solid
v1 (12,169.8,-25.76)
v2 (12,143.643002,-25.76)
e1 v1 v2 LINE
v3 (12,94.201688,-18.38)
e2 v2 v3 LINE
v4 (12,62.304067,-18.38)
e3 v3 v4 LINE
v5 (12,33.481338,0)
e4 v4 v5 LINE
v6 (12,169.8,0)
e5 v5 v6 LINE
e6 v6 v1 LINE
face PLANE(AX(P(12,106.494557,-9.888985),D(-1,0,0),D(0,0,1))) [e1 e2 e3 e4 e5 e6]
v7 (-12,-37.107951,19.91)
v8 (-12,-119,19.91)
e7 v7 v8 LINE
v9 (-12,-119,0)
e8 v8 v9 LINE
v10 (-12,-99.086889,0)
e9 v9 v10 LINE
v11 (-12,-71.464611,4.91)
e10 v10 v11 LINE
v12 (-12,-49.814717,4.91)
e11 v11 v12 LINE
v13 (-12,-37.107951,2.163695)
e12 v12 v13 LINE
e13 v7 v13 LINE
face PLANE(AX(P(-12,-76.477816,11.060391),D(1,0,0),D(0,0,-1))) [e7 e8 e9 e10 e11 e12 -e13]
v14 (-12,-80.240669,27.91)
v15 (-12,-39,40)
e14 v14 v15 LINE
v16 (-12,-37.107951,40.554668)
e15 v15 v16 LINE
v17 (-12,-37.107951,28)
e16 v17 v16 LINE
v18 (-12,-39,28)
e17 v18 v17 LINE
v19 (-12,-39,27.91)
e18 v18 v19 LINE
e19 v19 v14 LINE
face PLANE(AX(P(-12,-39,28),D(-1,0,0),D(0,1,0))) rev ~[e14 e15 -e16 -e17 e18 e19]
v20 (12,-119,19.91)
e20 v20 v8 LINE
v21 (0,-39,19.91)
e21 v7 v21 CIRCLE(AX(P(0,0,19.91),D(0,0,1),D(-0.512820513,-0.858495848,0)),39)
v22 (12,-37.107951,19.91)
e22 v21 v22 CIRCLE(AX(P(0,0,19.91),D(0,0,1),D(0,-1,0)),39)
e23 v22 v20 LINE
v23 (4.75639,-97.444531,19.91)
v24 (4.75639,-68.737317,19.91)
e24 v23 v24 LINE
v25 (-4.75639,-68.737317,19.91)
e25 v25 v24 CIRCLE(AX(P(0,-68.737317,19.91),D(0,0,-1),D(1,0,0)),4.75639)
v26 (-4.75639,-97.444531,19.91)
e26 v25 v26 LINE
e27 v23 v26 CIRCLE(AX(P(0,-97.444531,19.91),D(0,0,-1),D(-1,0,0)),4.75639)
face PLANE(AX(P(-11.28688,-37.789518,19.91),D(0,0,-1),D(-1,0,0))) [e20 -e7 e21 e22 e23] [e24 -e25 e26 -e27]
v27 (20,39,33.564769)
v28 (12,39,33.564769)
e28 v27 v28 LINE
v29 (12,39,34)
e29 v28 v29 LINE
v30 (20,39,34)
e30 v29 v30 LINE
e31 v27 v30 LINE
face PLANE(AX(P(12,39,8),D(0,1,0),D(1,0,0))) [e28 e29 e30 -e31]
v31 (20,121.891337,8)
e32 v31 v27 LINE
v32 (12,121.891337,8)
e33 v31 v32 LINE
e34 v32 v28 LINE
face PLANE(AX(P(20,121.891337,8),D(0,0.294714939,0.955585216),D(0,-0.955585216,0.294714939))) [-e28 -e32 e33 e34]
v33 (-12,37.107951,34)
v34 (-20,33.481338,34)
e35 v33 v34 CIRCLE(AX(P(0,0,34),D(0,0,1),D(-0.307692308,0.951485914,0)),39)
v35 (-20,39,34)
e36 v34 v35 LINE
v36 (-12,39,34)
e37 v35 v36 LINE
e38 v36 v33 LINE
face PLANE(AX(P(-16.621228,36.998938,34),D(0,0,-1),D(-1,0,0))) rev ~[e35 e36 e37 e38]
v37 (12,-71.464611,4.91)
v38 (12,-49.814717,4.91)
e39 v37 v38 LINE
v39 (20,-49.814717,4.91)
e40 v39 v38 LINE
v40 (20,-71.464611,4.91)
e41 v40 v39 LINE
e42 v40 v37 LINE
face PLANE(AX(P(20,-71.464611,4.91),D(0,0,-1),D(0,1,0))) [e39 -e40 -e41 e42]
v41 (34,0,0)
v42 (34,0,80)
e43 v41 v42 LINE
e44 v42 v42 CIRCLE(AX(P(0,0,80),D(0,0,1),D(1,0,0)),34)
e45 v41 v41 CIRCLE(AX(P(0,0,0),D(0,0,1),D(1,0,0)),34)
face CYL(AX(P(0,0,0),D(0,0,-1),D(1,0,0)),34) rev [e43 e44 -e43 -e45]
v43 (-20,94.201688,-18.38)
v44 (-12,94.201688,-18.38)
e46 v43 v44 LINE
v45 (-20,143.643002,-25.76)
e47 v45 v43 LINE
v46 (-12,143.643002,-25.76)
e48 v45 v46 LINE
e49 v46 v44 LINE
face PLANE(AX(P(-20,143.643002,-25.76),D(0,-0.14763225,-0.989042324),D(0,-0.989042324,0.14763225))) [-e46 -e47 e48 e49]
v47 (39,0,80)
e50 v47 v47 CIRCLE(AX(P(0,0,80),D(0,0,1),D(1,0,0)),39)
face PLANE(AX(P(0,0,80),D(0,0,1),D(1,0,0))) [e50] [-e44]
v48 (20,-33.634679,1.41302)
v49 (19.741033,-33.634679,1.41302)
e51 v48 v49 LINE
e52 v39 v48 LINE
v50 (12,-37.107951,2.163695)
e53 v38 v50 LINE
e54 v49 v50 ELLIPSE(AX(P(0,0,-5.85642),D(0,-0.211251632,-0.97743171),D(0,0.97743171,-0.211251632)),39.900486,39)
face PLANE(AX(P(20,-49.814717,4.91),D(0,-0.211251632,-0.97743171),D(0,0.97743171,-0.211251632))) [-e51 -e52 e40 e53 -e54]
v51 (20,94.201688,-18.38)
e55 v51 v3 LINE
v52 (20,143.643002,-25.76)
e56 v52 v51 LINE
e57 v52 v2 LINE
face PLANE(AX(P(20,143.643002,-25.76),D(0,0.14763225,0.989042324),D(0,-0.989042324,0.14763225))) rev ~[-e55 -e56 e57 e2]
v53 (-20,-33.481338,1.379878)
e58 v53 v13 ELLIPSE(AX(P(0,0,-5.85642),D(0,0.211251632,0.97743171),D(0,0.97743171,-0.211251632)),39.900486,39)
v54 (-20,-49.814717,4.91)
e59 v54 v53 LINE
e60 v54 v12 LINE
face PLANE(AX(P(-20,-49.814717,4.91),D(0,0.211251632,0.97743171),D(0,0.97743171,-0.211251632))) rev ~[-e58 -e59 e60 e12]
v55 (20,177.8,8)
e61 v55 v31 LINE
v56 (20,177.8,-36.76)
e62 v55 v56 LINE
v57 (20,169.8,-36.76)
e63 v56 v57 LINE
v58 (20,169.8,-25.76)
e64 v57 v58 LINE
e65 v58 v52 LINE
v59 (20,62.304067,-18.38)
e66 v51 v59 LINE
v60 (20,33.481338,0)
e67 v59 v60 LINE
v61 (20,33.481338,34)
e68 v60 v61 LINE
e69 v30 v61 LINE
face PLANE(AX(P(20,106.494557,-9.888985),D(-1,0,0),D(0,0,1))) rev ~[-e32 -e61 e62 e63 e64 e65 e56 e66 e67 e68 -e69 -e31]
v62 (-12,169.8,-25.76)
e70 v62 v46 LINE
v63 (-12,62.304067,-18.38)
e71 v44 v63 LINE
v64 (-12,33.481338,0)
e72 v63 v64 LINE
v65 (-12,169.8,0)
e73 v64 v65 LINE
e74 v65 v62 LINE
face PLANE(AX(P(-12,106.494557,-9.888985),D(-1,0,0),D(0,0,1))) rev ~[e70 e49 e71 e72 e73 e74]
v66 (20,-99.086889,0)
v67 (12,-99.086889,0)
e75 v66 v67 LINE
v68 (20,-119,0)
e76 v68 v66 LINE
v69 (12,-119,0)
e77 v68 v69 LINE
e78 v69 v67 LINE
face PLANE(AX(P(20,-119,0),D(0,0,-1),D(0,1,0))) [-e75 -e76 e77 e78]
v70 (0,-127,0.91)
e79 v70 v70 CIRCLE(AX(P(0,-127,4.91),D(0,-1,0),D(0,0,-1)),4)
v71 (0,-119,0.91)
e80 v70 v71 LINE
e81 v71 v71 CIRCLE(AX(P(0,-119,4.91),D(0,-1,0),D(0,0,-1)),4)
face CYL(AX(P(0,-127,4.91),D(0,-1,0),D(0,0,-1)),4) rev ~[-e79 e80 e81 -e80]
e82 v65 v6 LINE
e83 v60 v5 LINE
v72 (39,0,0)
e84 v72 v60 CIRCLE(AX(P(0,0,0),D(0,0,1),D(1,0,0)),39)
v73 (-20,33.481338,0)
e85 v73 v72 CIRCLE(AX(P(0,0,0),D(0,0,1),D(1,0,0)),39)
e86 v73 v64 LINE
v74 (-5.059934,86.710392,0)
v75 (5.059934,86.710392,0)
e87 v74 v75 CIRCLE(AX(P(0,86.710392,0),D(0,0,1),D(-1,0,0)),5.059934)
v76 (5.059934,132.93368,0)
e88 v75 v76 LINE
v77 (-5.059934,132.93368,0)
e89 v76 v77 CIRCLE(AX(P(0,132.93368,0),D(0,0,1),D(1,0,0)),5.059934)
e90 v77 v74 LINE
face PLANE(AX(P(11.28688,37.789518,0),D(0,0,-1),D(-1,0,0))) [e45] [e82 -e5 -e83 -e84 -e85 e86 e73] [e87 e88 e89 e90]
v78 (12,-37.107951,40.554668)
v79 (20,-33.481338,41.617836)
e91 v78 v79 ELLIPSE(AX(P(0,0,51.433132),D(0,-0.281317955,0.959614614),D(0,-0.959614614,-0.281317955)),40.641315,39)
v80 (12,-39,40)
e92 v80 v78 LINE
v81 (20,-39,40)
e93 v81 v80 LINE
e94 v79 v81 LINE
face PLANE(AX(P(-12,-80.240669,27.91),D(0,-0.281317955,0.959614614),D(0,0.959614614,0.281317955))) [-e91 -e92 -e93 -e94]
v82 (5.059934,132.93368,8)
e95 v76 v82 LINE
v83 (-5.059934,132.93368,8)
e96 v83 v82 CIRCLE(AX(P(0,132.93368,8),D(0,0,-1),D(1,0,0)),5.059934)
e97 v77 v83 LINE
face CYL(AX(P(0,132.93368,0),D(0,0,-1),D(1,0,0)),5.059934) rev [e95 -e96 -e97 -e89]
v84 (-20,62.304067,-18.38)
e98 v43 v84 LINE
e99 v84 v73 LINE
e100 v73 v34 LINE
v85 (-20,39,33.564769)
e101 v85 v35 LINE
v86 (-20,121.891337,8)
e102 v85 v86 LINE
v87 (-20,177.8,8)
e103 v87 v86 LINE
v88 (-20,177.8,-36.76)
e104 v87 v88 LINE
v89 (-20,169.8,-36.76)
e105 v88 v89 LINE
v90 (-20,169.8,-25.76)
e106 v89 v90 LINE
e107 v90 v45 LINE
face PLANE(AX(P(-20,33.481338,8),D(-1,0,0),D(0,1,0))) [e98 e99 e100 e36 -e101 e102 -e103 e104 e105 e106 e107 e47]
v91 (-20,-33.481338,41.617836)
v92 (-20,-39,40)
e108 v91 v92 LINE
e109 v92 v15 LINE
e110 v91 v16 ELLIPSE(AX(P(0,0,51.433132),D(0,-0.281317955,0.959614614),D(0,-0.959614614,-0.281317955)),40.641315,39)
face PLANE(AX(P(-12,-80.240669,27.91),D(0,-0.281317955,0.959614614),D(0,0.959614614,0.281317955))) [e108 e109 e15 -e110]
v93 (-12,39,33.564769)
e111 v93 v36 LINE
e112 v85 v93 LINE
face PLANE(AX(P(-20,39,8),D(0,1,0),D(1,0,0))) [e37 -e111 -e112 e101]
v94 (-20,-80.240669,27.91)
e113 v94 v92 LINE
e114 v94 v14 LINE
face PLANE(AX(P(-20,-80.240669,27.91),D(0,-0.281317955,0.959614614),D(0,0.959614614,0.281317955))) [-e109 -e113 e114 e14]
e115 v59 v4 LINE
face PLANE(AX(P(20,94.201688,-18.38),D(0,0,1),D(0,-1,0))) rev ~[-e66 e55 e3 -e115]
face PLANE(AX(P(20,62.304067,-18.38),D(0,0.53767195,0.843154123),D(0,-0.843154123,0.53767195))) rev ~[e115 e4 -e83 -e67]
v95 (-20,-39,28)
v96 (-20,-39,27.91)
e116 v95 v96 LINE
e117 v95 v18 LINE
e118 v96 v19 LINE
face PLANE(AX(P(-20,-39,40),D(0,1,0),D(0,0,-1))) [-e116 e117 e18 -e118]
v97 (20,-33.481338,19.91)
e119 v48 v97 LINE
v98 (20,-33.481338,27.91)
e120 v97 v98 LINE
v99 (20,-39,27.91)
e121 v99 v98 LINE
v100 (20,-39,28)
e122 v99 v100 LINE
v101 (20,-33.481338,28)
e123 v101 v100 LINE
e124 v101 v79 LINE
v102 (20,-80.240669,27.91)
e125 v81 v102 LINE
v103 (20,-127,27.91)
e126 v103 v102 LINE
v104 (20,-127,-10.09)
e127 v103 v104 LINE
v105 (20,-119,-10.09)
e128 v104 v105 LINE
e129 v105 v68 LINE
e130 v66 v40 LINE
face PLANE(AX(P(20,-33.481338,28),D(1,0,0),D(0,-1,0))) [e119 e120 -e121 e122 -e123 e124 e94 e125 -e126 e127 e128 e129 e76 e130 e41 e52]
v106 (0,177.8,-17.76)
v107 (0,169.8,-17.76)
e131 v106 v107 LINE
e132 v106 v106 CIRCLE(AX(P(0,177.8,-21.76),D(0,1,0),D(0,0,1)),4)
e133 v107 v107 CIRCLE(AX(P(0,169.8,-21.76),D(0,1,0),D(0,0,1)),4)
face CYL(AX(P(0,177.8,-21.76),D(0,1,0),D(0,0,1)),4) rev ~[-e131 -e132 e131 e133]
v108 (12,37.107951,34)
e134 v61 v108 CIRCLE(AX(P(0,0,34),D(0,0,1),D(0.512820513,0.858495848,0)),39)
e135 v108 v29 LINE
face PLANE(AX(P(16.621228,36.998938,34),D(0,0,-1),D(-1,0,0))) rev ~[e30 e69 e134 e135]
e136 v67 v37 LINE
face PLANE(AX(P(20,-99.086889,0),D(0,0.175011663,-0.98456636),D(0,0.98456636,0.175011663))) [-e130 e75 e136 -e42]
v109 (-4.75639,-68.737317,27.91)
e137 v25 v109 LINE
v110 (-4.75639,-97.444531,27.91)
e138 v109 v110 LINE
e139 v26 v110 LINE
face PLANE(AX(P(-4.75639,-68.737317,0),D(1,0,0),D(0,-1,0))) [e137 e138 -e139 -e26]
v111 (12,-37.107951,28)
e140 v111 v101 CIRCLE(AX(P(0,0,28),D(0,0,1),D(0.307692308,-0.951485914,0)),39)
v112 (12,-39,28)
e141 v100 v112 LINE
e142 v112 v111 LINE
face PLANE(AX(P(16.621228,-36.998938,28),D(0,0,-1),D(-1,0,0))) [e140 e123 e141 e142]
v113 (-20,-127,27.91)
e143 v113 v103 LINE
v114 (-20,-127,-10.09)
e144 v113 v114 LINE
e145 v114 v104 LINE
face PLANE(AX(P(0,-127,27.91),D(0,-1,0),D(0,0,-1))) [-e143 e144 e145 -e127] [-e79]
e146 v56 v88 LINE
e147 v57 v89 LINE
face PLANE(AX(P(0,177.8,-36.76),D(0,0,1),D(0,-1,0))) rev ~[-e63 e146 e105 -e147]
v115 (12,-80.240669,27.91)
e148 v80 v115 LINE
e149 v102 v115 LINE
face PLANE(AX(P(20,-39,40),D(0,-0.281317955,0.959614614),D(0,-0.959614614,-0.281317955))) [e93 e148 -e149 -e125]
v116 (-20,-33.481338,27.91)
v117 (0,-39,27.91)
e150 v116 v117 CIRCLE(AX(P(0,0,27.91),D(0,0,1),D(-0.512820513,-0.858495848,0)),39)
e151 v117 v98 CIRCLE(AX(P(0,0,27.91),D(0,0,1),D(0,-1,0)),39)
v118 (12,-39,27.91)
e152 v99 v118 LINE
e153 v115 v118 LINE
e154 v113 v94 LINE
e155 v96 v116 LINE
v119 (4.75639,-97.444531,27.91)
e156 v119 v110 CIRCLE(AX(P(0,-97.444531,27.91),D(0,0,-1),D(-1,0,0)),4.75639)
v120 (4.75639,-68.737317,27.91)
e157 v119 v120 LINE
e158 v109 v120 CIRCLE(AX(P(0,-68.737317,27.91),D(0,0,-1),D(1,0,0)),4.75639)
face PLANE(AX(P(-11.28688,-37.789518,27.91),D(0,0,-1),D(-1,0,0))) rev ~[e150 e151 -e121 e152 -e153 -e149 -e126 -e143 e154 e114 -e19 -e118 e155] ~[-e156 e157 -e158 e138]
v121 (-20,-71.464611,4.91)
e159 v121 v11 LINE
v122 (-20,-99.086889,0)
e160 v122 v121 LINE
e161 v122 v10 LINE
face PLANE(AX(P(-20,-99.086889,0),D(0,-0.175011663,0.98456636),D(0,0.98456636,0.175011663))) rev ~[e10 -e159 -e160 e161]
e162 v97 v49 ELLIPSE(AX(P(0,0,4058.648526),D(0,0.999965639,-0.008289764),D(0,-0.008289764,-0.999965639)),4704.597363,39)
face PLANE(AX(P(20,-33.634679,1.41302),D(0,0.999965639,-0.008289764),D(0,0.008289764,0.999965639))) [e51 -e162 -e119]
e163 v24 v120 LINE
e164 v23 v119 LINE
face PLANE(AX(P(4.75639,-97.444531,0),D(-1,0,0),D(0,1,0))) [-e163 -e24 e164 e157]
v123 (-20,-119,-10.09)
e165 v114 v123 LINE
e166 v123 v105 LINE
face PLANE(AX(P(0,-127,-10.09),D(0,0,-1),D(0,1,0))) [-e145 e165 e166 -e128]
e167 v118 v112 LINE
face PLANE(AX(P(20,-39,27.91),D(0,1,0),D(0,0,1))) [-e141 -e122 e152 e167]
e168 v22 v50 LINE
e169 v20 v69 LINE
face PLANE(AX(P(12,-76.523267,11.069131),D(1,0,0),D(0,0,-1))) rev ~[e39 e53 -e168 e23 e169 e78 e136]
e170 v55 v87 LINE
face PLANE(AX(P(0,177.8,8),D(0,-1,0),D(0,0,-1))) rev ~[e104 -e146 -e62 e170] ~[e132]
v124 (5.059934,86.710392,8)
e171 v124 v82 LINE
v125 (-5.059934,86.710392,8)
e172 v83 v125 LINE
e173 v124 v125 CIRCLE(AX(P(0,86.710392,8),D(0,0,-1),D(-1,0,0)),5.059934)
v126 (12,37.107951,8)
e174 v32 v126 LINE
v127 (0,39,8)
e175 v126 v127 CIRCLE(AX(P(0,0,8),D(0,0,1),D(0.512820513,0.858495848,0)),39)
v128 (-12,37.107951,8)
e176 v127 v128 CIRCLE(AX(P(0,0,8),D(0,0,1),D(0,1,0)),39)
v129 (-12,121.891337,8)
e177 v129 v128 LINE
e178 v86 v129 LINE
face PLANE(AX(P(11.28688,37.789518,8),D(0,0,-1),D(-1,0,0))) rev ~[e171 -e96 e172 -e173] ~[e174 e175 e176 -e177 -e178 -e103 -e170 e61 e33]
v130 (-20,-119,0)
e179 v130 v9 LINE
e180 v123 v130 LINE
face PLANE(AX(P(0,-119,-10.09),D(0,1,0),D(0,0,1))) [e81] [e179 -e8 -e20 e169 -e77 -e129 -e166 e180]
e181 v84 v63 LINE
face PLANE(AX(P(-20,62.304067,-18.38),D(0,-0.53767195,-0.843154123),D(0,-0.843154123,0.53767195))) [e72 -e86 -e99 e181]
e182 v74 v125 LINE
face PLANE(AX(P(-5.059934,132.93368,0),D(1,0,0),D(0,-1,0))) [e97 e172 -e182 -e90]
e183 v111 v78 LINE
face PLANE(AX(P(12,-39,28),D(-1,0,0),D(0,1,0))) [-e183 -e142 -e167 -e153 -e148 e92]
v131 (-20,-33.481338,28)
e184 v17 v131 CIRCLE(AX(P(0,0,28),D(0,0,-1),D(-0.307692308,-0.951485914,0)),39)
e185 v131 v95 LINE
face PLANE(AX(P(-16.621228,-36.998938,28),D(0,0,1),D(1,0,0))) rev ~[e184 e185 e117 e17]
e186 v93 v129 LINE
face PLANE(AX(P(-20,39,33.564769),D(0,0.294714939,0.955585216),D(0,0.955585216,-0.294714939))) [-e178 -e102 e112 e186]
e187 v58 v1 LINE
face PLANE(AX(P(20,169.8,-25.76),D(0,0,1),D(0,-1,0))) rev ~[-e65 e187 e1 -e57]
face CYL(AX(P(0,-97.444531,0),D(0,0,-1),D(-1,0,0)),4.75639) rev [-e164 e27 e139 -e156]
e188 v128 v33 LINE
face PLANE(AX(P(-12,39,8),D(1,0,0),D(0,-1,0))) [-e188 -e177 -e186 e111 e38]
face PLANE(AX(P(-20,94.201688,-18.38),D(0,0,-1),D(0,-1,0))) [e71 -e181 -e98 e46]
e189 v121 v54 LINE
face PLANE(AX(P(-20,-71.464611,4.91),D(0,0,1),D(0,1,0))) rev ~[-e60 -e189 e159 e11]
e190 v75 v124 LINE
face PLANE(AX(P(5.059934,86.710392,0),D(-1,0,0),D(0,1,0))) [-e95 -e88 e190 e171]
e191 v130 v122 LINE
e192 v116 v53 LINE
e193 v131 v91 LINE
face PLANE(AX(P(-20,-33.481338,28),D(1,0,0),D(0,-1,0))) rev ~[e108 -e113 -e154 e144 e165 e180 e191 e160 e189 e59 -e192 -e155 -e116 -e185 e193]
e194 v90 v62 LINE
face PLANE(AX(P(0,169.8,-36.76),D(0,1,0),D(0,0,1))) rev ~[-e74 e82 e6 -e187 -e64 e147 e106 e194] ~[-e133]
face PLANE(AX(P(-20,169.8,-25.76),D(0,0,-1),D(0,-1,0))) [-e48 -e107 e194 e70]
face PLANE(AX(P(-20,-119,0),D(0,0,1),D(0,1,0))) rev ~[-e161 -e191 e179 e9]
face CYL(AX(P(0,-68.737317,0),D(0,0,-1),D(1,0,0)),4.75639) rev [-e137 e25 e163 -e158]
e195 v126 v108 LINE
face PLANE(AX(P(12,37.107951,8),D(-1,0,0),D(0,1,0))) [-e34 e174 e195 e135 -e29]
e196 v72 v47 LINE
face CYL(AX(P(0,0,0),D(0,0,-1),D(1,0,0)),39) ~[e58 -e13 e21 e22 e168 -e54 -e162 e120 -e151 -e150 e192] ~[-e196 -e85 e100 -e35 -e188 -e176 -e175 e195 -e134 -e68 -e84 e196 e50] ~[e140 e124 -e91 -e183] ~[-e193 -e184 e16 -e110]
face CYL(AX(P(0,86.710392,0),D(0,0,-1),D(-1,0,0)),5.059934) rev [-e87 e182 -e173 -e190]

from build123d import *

# Parameters (mm, degrees)
SKETCH1_R            = 39
SKETCH1_R_2          = 34
BOSS_EXTRUDE1_DEPTH  = 80
BOSS_EXTRUDE2_DEPTH  = 20
BOSS_EXTRUDE3_DEPTH  = 20
BOSS_EXTRUDE4_DEPTH  = 8
BOSS_EXTRUDE5_DEPTH  = 8
CUT_EXTRUDE1_DEPTH   = 73
SKETCH13_R           = 4
CUT_EXTRUDE2_DEPTH   = 24
SKETCH14_R           = 4
CUT_EXTRUDE3_DEPTH   = 24
BOSS_EXTRUDE6_DEPTH  = 8
BOSS_EXTRUDE7_DEPTH  = 8
BOSS_EXTRUDE8_DEPTH  = 8
BOSS_EXTRUDE14_DEPTH = 8
BOSS_EXTRUDE15_DEPTH = 8
BOSS_EXTRUDE16_DEPTH = 8
BOSS_EXTRUDE17_DEPTH = 8
BOSS_EXTRUDE18_DEPTH = 26
BOSS_EXTRUDE19_REACH = 195.204


with BuildPart() as part:
    # Sketch1 → Boss-Extrude1 (new body)
    with BuildSketch(Plane.XY):
        Circle(SKETCH1_R)
        Circle(SKETCH1_R_2, mode=Mode.SUBTRACT)
    extrude(amount=BOSS_EXTRUDE1_DEPTH)



with BuildPart() as body_2:
    # Sketch3 → Boss-Extrude2 (new, symmetric)
    with BuildSketch(Plane(origin=(0, 0, 0), x_dir=(0, 0, -1), z_dir=(1, 0, 0))):
        Polygon((-8, 39), (-8, 177.8), (36.76, 177.8), (36.76, 169.8), (0, 169.8), (0, 39), align=None)
    extrude(amount=BOSS_EXTRUDE2_DEPTH, both=True)


with BuildPart() as body_3:
    # Sketch4 → Boss-Extrude3 (new, symmetric)
    with BuildSketch(Plane(origin=(0, 0, 0), x_dir=(0, 0, -1), z_dir=(1, 0, 0))):
        Polygon((-27.91, -39), (-27.91, -127), (10.09, -127), (10.09, -119), (-19.91, -119), (-19.91, -39), align=None)
    extrude(amount=BOSS_EXTRUDE3_DEPTH, both=True)


with BuildPart() as part_1:
    add(part.part)

    add(body_3.part)  # Boss-Extrude4 merges body 3
    # Sketch6 → Boss-Extrude4 (add)
    with BuildSketch(Plane(origin=(0, 0, 19.91), x_dir=(-1, 0, 0), z_dir=(0, 0, -1))):
        with BuildLine():
            ThreePointArc((20, -33.481338086), (10.373712322, -37.595027499), (0, -39))
            Line((0, -39), (20, -39))
            Line((20, -39), (20, -33.481338086))
        make_face()
        with BuildLine():
            Line((-20, -33.481338086), (-20, -39))
            Line((-20, -39), (0, -39))
            ThreePointArc((0, -39), (-10.373712322, -37.595027499), (-20, -33.481338086))
        make_face()
    extrude(amount=-BOSS_EXTRUDE4_DEPTH)


    add(body_2.part)  # Boss-Extrude5 merges body 2
    # Sketch7 → Boss-Extrude5 (add)
    with BuildSketch(Plane(origin=(0, 0, 0), x_dir=(-1, 0, 0), z_dir=(0, 0, -1))):
        with BuildLine():
            Line((0, 39), (-20, 39))
            Line((-20, 39), (-20, 33.481338086))
            ThreePointArc((-20, 33.481338086), (-10.373712322, 37.595027499), (0, 39))
        make_face()
        with BuildLine():
            Line((20, 39), (0, 39))
            ThreePointArc((0, 39), (10.373712322, 37.595027499), (20, 33.481338086))
            Line((20, 33.481338086), (20, 39))
        make_face()
    extrude(amount=-BOSS_EXTRUDE5_DEPTH)

    # Sketch12 → Cut-Extrude1 (cut)
    with BuildSketch(Plane(origin=(0, 0, 0), x_dir=(-1, 0, 0), z_dir=(0, 0, -1))):
        with BuildLine():
            Line((5.059933618, 132.933679622), (5.059933618, 86.710392146))
            ThreePointArc((5.059933618, 86.710392146), (0, 81.650458528), (-5.059933618, 86.710392146))
            Line((-5.059933618, 86.710392146), (-5.059933618, 132.933679622))
            ThreePointArc((-5.059933618, 132.933679622), (0, 137.993613239), (5.059933618, 132.933679622))
        make_face()
        with BuildLine():
            Line((4.756389645, -68.737317272), (4.756389645, -97.444530968))
            ThreePointArc((4.756389645, -97.444530968), (0, -102.200920613), (-4.756389645, -97.444530968))
            Line((-4.756389645, -97.444530968), (-4.756389645, -68.737317272))
            ThreePointArc((-4.756389645, -68.737317272), (0, -63.980927627), (4.756389645, -68.737317272))
        make_face()
    extrude(amount=-CUT_EXTRUDE1_DEPTH, mode=Mode.SUBTRACT)

    # Sketch13 → Cut-Extrude2 (cut)
    with BuildSketch(Plane(origin=(0, 177.8, 0), x_dir=(1, 0, 0), z_dir=(0, 1, 0))):
        with Locations(Location((0, 21.76, 0), (0, 0, 270))):
            Circle(SKETCH13_R)
    extrude(amount=-CUT_EXTRUDE2_DEPTH, mode=Mode.SUBTRACT)

    # Sketch14 → Cut-Extrude3 (cut)
    with BuildSketch(Plane.XZ.offset(127)):
        with Locations(Location((0, 4.91, 0), (0, 0, 270))):
            Circle(SKETCH14_R)
    extrude(amount=-CUT_EXTRUDE3_DEPTH, mode=Mode.SUBTRACT)

    # Sketch15 → Boss-Extrude6 (add)
    with BuildSketch(Plane(origin=(20, 0, 0), x_dir=(0, 0, -1), z_dir=(1, 0, 0))):
        Polygon((0, -119), (0, -99.086888853), (-4.91, -71.464610667), (-4.91, -49.814716953), (-1.4130197, -33.634678949), (-19.91, -33.481338086), (-19.91, -119), align=None)
    extrude(amount=-BOSS_EXTRUDE6_DEPTH)

    # Sketch16 → Boss-Extrude7 (add)
    with BuildSketch(Plane.ZY.offset(20)):
        Polygon((0, -119), (0, -99.086888853), (4.91, -71.464610667), (4.91, -49.814716953), (1.379878246, -33.481338086), (19.91, -33.481338086), (19.91, -119), align=None)
    extrude(amount=-BOSS_EXTRUDE7_DEPTH)

    # Sketch17 → Boss-Extrude8 (add)
    with BuildSketch(Plane(origin=(20, 0, 0), x_dir=(0, 0, -1), z_dir=(1, 0, 0))):
        Polygon((25.76, 169.8), (25.76, 143.643001818), (18.38, 94.201688411), (18.38, 62.304066859), (0, 33.481338086), (0, 169.8), align=None)
    extrude(amount=-BOSS_EXTRUDE8_DEPTH)

    # Sketch23 → Boss-Extrude14 (add)
    with BuildSketch(Plane(origin=(20, 0, 0), x_dir=(0, 0, -1), z_dir=(1, 0, 0))):
        Polygon((-8, 121.891336637), (-33.564768945, 39), (-8, 39), align=None)
        Polygon((-40, -39), (-27.91, -80.240669043), (-27.91, -39), align=None)
    extrude(amount=-BOSS_EXTRUDE14_DEPTH)

    # Sketch24 → Boss-Extrude15 (add)
    with BuildSketch(Plane.ZY.offset(20)):
        Polygon((0, 169.8), (-25.76, 169.8), (-25.76, 143.643001818), (-18.38, 94.201688411), (-18.38, 62.304066859), (0, 33.481338086), align=None)
    extrude(amount=-BOSS_EXTRUDE15_DEPTH)

    # Sketch25 → Boss-Extrude16 (add)
    with BuildSketch(Plane.ZY.offset(20)):
        Polygon((8, 39), (33.564768945, 39), (8, 121.891336637), align=None)
    extrude(amount=-BOSS_EXTRUDE16_DEPTH)

    # Sketch26 → Boss-Extrude17 (add)
    with BuildSketch(Plane.ZY.offset(20)):
        Polygon((27.91, -39), (27.91, -80.240669043), (40, -39), align=None)
    extrude(amount=-BOSS_EXTRUDE17_DEPTH)

    # Sketch28 → Boss-Extrude18 (add)
    with BuildSketch(Plane.XY.offset(8)):
        with BuildLine():
            ThreePointArc((-12, 37.107950631), (-16.102424651, 35.52058446), (-20, 33.481338086))
            Line((-20, 33.481338086), (-20, 39))
            Line((-20, 39), (-12, 39))
            Line((-12, 39), (-12, 37.107950631))
        make_face()
        with BuildLine():
            ThreePointArc((20, 33.481338086), (16.102424651, 35.52058446), (12, 37.107950631))
            Line((12, 37.107950631), (12, 39))
            Line((12, 39), (20, 39))
            Line((20, 39), (20, 33.481338086))
        make_face()
    extrude(amount=BOSS_EXTRUDE18_DEPTH)

    # Boss-Extrude19: up to this plane
    boss_extrude19_end = Plane(origin=(-12, -80.240669043, 27.91), z_dir=(0, -0.2813179552300577, 0.9596146143453523))
    # Sketch29 → Boss-Extrude19 (add, up to the surface)
    with BuildSketch(Plane.XY.offset(28), mode=Mode.PRIVATE) as boss_extrude19_sk1:
        with BuildLine():
            Line((-12, -39), (-12, -37.107950631))
            ThreePointArc((-12, -37.107950631), (-16.102424651, -35.52058446), (-20, -33.481338086))
            Line((-20, -33.481338086), (-20, -39))
            Line((-20, -39), (-12, -39))
        make_face()
    boss_extrude19_tool1 = split(extrude(boss_extrude19_sk1.sketch, amount=BOSS_EXTRUDE19_REACH, mode=Mode.PRIVATE), bisect_by=boss_extrude19_end, keep=Keep.BOTH, mode=Mode.PRIVATE)
    add(boss_extrude19_tool1.solids().sort_by_distance((-16.684032, -37.08267, 28))[0])
    # Sketch29 → Boss-Extrude19 (add, up to the surface)
    with BuildSketch(Plane.XY.offset(28), mode=Mode.PRIVATE) as boss_extrude19_sk2:
        with BuildLine():
            Line((12, -39), (12, -37.107950631))
            ThreePointArc((12, -37.107950631), (16.102424651, -35.52058446), (20, -33.481338086))
            Line((20, -33.481338086), (20, -39))
            Line((20, -39), (12, -39))
        make_face()
    boss_extrude19_tool2 = split(extrude(boss_extrude19_sk2.sketch, amount=BOSS_EXTRUDE19_REACH, mode=Mode.PRIVATE), bisect_by=boss_extrude19_end, keep=Keep.BOTH, mode=Mode.PRIVATE)
    add(boss_extrude19_tool2.solids().sort_by_distance((16.684032, -37.08267, 28))[0])


solid = part_1.part
